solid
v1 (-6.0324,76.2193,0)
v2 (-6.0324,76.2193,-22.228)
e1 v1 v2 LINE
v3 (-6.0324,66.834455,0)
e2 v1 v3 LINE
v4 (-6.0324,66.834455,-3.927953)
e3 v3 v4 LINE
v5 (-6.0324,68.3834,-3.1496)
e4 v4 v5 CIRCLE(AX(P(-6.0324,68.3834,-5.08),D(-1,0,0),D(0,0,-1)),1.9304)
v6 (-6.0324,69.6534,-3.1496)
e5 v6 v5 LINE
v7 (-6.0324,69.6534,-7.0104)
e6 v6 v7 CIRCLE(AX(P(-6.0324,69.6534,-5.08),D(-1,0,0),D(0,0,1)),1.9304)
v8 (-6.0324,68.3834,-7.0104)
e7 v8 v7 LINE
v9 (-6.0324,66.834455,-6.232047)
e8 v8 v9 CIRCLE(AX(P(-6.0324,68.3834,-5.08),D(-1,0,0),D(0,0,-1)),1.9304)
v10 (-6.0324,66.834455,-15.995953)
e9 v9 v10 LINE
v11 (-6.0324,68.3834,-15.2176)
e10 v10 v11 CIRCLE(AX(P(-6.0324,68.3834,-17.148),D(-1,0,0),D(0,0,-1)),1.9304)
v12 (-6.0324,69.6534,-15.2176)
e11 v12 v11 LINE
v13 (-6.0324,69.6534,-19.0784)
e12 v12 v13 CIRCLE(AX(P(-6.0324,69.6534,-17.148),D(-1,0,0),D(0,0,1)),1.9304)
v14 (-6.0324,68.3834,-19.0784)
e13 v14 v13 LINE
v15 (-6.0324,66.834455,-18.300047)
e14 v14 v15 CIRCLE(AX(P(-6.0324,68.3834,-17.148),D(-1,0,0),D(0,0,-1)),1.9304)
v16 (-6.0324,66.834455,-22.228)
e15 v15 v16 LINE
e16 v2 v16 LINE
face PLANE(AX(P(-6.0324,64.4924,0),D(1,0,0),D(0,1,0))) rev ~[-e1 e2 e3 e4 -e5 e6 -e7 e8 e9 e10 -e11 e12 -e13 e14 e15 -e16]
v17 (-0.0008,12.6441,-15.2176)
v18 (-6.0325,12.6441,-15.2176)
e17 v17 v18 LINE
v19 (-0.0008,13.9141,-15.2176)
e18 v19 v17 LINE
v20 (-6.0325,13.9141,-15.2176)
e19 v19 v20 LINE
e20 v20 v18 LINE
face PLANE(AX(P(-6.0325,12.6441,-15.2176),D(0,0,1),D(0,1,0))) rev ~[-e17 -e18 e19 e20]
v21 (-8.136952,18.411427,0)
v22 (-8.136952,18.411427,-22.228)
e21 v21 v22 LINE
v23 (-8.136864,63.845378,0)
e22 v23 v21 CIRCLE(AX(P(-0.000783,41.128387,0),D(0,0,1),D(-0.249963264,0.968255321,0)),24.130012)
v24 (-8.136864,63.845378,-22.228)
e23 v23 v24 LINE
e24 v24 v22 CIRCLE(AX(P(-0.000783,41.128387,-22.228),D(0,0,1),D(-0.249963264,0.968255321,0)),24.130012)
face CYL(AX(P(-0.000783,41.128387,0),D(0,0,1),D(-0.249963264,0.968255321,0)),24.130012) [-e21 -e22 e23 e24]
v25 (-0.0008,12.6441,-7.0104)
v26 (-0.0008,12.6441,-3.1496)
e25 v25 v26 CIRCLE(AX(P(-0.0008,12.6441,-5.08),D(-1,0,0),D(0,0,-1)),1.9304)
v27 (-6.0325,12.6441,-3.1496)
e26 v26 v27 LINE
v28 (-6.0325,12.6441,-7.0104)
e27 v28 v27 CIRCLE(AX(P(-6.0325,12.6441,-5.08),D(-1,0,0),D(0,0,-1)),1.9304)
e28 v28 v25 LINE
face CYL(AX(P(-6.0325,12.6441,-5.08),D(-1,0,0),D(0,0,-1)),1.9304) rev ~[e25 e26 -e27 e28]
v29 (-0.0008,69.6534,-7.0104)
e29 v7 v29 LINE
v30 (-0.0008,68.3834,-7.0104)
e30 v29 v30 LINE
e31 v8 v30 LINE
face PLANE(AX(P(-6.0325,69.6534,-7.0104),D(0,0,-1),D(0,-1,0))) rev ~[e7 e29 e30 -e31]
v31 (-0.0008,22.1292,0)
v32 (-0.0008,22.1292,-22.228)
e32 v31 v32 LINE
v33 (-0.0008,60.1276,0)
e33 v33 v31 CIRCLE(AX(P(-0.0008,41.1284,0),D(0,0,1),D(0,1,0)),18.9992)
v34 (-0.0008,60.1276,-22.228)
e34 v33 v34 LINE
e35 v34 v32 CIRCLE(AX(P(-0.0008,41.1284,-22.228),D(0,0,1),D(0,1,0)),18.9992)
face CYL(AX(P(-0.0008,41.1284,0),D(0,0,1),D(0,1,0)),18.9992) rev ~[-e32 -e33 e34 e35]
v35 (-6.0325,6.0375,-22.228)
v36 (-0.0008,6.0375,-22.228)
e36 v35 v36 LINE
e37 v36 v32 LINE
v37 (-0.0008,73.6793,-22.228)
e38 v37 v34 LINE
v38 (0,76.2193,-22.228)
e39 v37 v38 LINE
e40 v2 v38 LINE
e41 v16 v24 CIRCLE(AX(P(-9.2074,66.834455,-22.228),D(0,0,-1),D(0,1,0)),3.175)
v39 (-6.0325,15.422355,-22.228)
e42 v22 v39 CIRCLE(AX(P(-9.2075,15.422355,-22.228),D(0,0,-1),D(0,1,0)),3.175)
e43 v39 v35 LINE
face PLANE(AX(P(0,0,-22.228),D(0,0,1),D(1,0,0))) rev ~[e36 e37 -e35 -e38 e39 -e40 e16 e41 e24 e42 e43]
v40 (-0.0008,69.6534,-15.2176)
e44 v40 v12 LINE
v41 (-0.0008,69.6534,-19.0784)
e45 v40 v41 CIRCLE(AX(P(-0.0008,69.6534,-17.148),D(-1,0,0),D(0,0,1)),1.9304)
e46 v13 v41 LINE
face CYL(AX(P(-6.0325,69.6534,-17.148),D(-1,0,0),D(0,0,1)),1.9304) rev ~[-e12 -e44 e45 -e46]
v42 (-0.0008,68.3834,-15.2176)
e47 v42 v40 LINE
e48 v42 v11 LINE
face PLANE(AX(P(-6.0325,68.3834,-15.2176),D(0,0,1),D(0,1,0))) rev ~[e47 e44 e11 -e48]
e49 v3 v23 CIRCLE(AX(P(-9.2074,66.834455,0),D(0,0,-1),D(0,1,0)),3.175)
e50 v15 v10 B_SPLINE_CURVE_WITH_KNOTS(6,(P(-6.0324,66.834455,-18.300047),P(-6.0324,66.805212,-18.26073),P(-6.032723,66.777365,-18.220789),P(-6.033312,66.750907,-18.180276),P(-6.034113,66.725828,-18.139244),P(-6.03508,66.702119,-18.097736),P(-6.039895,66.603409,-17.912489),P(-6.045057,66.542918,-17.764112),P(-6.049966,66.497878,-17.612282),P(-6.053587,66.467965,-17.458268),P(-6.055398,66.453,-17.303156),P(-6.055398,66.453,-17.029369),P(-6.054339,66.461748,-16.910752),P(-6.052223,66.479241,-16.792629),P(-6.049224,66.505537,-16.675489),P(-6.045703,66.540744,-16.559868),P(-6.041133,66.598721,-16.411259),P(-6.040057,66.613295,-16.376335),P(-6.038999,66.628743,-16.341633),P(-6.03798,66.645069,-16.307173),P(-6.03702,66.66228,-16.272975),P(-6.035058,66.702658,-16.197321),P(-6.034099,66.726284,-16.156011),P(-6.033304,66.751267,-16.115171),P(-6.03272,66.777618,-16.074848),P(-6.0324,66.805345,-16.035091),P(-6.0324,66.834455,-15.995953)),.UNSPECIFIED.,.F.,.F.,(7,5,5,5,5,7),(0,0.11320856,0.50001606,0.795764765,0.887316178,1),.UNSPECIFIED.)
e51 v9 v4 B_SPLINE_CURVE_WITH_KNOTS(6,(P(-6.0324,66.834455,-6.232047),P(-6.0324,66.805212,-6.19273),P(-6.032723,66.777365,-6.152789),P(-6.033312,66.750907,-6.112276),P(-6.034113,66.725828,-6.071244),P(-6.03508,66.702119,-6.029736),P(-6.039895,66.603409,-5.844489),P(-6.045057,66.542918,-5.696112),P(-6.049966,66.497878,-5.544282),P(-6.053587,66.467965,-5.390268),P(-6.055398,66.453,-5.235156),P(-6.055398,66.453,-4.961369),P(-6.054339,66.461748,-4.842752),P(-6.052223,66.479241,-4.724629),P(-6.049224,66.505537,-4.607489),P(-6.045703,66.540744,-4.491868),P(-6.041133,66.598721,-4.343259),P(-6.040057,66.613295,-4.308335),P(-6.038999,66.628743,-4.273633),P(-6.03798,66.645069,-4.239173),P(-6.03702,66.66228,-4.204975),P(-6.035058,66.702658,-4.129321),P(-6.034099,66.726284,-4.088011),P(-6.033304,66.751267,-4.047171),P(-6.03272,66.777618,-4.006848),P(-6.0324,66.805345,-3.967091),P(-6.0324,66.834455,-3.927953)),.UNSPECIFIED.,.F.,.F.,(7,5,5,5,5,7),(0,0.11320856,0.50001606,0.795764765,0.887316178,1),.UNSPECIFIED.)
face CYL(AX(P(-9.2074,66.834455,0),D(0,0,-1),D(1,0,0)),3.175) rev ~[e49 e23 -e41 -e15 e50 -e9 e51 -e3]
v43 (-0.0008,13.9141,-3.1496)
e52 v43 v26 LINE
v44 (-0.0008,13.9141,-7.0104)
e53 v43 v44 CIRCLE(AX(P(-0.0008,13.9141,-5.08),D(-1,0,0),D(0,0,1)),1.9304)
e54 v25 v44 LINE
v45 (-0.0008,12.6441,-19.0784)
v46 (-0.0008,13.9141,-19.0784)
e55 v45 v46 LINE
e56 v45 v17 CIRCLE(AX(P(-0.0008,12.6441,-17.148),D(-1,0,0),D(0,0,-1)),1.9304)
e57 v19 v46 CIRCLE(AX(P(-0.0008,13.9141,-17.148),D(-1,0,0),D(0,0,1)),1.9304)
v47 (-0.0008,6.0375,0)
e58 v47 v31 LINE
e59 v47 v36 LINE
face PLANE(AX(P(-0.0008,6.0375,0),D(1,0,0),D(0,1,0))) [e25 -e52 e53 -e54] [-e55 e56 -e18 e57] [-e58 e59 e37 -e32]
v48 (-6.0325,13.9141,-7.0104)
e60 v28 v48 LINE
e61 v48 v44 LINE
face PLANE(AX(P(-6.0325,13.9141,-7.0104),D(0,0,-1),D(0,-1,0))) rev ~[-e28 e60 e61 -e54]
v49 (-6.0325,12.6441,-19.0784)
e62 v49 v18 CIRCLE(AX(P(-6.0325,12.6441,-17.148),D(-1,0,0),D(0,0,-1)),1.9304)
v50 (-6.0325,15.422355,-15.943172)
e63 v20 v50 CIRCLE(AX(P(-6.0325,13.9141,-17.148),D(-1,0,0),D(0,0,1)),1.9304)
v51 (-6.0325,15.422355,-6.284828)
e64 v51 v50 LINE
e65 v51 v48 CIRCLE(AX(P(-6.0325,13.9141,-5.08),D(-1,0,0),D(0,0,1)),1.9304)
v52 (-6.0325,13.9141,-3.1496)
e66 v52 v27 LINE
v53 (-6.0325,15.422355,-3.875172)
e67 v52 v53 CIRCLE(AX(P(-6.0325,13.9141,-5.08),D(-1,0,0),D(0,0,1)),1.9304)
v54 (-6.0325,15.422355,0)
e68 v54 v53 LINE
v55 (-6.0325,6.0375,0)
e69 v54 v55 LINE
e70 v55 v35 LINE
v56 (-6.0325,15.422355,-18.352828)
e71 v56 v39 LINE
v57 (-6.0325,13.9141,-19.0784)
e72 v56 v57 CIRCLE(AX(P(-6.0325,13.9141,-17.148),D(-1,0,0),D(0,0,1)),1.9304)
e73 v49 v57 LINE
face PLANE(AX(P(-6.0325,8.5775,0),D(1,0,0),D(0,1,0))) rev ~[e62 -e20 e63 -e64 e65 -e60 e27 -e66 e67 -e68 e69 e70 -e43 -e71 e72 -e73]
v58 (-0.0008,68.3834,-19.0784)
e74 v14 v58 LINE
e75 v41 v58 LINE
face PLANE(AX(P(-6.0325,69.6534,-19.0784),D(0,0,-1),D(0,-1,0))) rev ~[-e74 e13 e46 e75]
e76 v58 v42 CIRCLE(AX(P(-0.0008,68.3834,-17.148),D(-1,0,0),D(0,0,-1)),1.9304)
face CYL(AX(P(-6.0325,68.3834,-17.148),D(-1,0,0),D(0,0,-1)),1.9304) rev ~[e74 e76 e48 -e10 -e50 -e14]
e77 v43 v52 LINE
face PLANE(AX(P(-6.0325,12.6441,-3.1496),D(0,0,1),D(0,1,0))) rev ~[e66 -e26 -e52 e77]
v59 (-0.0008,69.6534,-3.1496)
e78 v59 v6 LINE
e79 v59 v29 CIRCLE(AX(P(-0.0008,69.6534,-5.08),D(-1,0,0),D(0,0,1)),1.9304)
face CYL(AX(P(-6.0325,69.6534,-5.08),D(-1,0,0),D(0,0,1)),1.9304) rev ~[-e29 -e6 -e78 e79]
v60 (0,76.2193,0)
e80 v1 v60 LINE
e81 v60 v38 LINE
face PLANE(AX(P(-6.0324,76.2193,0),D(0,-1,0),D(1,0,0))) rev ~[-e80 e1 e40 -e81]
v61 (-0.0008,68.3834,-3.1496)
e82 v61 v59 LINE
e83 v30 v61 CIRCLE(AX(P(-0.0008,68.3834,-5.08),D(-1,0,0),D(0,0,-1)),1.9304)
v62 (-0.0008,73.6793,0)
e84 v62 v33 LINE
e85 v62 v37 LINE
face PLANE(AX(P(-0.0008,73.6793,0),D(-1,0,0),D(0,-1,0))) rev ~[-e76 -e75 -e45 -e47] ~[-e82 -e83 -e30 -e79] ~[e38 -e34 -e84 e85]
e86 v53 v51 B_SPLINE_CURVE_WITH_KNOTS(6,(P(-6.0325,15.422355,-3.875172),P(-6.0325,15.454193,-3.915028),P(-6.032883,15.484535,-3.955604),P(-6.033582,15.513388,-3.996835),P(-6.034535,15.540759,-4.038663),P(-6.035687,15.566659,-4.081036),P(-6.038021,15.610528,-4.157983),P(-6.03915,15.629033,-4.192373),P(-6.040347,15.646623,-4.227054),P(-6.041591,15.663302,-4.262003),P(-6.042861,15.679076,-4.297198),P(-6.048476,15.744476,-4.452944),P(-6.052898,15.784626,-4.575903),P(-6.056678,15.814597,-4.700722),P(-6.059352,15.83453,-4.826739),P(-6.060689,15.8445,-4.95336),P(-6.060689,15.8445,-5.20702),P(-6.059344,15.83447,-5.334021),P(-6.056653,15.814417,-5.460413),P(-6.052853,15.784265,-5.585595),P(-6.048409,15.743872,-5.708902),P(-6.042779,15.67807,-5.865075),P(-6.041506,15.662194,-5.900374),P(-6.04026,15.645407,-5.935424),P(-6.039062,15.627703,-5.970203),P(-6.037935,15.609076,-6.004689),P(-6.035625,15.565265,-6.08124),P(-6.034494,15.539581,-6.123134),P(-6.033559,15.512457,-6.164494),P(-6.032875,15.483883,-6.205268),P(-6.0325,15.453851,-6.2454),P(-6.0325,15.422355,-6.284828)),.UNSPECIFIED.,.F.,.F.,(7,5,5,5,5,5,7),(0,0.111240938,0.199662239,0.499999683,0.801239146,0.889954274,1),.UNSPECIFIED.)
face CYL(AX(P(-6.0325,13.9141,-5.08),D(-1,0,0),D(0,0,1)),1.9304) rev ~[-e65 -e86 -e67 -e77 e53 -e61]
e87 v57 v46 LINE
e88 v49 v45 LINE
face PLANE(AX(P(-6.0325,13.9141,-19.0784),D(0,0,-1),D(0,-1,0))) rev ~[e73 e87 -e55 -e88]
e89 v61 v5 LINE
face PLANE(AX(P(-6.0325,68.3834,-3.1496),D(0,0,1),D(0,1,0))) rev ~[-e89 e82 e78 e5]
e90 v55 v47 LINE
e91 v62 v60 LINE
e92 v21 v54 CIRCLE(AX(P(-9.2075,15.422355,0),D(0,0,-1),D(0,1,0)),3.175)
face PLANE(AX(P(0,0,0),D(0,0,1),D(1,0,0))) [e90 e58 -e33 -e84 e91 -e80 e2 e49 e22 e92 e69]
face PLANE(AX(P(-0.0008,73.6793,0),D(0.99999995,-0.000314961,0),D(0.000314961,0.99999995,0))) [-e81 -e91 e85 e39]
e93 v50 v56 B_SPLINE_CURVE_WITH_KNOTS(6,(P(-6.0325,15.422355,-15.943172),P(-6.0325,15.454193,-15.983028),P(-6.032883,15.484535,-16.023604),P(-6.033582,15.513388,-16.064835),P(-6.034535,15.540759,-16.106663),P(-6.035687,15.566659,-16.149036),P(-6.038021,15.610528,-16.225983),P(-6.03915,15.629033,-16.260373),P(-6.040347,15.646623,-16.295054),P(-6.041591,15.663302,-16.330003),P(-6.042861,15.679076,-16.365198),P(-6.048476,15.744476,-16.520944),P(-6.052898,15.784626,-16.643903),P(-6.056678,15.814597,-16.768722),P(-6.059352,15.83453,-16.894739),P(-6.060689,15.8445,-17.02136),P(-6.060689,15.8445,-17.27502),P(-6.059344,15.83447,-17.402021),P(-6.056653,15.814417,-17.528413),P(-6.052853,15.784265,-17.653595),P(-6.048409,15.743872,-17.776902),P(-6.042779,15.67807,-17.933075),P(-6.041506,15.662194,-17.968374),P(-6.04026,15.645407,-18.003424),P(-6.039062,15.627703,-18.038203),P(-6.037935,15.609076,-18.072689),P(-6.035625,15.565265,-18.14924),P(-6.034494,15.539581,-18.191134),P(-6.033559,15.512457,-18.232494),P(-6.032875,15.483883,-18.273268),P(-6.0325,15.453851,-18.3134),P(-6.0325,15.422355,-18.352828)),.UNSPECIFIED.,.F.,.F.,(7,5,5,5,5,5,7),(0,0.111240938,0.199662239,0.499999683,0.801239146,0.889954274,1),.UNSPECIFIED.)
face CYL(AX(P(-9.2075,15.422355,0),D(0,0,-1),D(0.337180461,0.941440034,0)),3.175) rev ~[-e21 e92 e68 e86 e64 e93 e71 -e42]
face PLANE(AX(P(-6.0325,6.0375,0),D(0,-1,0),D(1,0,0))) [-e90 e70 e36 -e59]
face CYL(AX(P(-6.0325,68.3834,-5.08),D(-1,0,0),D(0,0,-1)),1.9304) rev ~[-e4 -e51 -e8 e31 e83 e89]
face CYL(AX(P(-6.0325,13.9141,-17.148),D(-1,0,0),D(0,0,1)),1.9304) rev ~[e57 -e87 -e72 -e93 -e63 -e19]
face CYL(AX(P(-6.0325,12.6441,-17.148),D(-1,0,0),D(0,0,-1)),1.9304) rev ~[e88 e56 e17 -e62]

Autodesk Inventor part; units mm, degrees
ref_plane "YZ Plane" through (0, 0, 0) normal (1, 0, 0) x (0, 1, 0)
ref_plane "XZ Plane" through (0, 0, 0) normal (0, 1, 0) x (-1, 0, 0)
ref_plane "Work Plane1" through (0, 0, 0) normal (0, 0, 1) x (1, 0, 0)
sketch "Sketch1" plane through (0, 0, 0) normal (0, 0, 1) x (1, 0, 0)
  arc A0 (18.9992, 41.108) -> (0, 60.0877) centre (-0.0008, 41.0877) ccw construction
  arc A1 (0, 22.1284) -> (18.9992, 41.108) centre (-0.0008, 41.1284) ccw construction
  arc A2 (44.3468, 60.0877) -> (25.3476, 41.108) centre (44.3476, 41.0877) ccw construction
  arc A3 (25.3476, 41.108) -> (44.3468, 22.1284) centre (44.3476, 41.1284) ccw construction
  line L0 (10.16, 73.6386) -> (5.7912, 73.6386) construction
  line L1 (0, 77.677) -> (0, 67.7202) construction
  line L2 (5.7912, 73.6386) -> (13.9012, 73.6386) construction
  line L3 (-25.35, 77.677) -> (-25.35, 84.027) projected
  line L4 (-25.35, -6.35) -> (-25.35, 0) projected
  line L5 (-25.35, 77.677) -> (-25.35, 0) construction
  arc A4 (-6.0324, 64.4924) -> (-6.0325, 17.7644) centre (-0.0008, 41.1284) ccw
  arc A5 (-6.0324, 64.4924) -> (-6.0325, 17.7644) centre (-0.0008, 41.1284) ccw
  arc A6 (-0.0008, 60.1276) -> (-0.0008, 22.1292) centre (-0.0008, 41.1284) ccw
  line L6 (-6.0324, 64.4924) -> (-6.0324, 73.6793)
  line L7 (10.16, 8.5775) -> (5.7912, 8.5775) construction
  line L8 (-6.0325, 8.5775) -> (-6.0325, 17.7644)
  line L9 (-0.0008, 73.6793) -> (-0.0008, 60.1276)
  line L10 (-0.0008, 8.5775) -> (-0.0008, 22.1292)
  line L11 (-6.0324, 73.6793) -> (-6.0324, 76.2193)
  line L12 (-6.0324, 76.2193) -> (0, 76.2193)
  line L13 (-0.0008, 73.6793) -> (0, 76.2193)
  line L14 (-6.0325, 8.5775) -> (-6.0325, 6.0375)
  line L15 (-6.0325, 6.0375) -> (-0.0008, 6.0375)
  line L16 (-0.0008, 6.0375) -> (-0.0008, 8.5775)
  point P0 (0, 0)
  dimension "d12" = 18.9992
  dimension "d13" = 24.13
  dimension "d19" = 6.0317
  dimension "d22" = 6.0317
  dimension "d23" = 0
  dimension "d24" = 0
  dimension "d44" = 2.54
  dimension "d45" = 2.54
ref_plane "Work Plane2" through (0, 17.6708, -22.228) normal (0, 0, -1) x (0, 1, 0)
extrude "Extrusion1" add sketch "Sketch1" against normal up to surface (22.228 mm away)
fillet "Fillet1" radius 3.175 1 edges at (-6.0324, 64.4924, -11.114)
fillet "Fillet2" radius 3.175 1 edges at (-6.0325, 17.7644, -11.114)
sketch "Sketch3" plane through (-6.0325, 8.5775, -22.228) normal (-1, 0, 0) x (0, 0, 1)
  circle A0 centre (5.08, 4.7016) radius 1.9304 construction
  circle A1 centre (17.148, 4.7016) radius 1.9304 construction
  circle A2 centre (17.148, 60.4409) radius 1.9304 construction
  circle A3 centre (5.08, 60.4409) radius 1.9304 construction
  line L0 (5.08, 4.0666) -> (5.08, 5.3366) construction
  line L1 (7.0104, 4.0666) -> (7.0104, 5.3366)
  line L2 (3.1496, 5.3366) -> (3.1496, 4.0666)
  arc A4 (3.1496, 4.0666) -> (7.0104, 4.0666) centre (5.08, 4.0666) ccw
  arc A5 (7.0104, 5.3366) -> (3.1496, 5.3366) centre (5.08, 5.3366) ccw
  point P0 (22.228, -8.5775)
  point P1 (5.08, 7.9375)
  dimension "d25" = 0.635
  dimension "d26" = 0.635
  dimension "d27" = 3.8608
extrude "Extrusion3" cut sketch "Sketch3" against normal through all both and the other way through all
sketch "Sketch4" plane through (-6.0325, 8.5775, -22.228) normal (-1, 0, 0) x (0, 0, 1)
  circle A0 centre (17.148, 4.7016) radius 1.9304 construction
  circle A1 centre (5.08, 60.4409) radius 1.9304 construction
  circle A2 centre (17.148, 60.4409) radius 1.9304 construction
  line L0 (17.148, 4.0666) -> (17.148, 5.3366) construction
  line L1 (19.0784, 4.0666) -> (19.0784, 5.3366)
  line L2 (15.2176, 5.3366) -> (15.2176, 4.0666)
  arc A3 (15.2176, 4.0666) -> (19.0784, 4.0666) centre (17.148, 4.0666) ccw
  arc A4 (19.0784, 5.3366) -> (15.2176, 5.3366) centre (17.148, 5.3366) ccw
  line L3 (5.08, 59.8059) -> (5.08, 61.0759) construction
  line L4 (7.0104, 59.8059) -> (7.0104, 61.0759)
  line L5 (3.1496, 61.0759) -> (3.1496, 59.8059)
  arc A5 (3.1496, 59.8059) -> (7.0104, 59.8059) centre (5.08, 59.8059) ccw
  arc A6 (7.0104, 61.0759) -> (3.1496, 61.0759) centre (5.08, 61.0759) ccw
  line L6 (17.148, 59.8059) -> (17.148, 61.0759) construction
  line L7 (19.0784, 59.8059) -> (19.0784, 61.0759)
  line L8 (15.2176, 61.0759) -> (15.2176, 59.8059)
  arc A7 (15.2176, 59.8059) -> (19.0784, 59.8059) centre (17.148, 59.8059) ccw
  arc A8 (19.0784, 61.0759) -> (15.2176, 61.0759) centre (17.148, 61.0759) ccw
  point P0 (22.228, -8.5775)
  point P1 (17.148, 4.7016)
  dimension "d30" = 0.635
  dimension "d31" = 0.635
  dimension "d32" = 0.635
  dimension "d33" = 0.635
  dimension "d34" = 0.635
  dimension "d35" = 0.635
  dimension "d36" = 3.8608
  dimension "d37" = 3.8608
  dimension "d38" = 3.8608
extrude "Extrusion4" cut sketch "Sketch4" against normal through all both and the other way through all
equation "\"d19\" = d18"
equation "\"d18\" = 6.031656"
properties part number "motor mount cap"
